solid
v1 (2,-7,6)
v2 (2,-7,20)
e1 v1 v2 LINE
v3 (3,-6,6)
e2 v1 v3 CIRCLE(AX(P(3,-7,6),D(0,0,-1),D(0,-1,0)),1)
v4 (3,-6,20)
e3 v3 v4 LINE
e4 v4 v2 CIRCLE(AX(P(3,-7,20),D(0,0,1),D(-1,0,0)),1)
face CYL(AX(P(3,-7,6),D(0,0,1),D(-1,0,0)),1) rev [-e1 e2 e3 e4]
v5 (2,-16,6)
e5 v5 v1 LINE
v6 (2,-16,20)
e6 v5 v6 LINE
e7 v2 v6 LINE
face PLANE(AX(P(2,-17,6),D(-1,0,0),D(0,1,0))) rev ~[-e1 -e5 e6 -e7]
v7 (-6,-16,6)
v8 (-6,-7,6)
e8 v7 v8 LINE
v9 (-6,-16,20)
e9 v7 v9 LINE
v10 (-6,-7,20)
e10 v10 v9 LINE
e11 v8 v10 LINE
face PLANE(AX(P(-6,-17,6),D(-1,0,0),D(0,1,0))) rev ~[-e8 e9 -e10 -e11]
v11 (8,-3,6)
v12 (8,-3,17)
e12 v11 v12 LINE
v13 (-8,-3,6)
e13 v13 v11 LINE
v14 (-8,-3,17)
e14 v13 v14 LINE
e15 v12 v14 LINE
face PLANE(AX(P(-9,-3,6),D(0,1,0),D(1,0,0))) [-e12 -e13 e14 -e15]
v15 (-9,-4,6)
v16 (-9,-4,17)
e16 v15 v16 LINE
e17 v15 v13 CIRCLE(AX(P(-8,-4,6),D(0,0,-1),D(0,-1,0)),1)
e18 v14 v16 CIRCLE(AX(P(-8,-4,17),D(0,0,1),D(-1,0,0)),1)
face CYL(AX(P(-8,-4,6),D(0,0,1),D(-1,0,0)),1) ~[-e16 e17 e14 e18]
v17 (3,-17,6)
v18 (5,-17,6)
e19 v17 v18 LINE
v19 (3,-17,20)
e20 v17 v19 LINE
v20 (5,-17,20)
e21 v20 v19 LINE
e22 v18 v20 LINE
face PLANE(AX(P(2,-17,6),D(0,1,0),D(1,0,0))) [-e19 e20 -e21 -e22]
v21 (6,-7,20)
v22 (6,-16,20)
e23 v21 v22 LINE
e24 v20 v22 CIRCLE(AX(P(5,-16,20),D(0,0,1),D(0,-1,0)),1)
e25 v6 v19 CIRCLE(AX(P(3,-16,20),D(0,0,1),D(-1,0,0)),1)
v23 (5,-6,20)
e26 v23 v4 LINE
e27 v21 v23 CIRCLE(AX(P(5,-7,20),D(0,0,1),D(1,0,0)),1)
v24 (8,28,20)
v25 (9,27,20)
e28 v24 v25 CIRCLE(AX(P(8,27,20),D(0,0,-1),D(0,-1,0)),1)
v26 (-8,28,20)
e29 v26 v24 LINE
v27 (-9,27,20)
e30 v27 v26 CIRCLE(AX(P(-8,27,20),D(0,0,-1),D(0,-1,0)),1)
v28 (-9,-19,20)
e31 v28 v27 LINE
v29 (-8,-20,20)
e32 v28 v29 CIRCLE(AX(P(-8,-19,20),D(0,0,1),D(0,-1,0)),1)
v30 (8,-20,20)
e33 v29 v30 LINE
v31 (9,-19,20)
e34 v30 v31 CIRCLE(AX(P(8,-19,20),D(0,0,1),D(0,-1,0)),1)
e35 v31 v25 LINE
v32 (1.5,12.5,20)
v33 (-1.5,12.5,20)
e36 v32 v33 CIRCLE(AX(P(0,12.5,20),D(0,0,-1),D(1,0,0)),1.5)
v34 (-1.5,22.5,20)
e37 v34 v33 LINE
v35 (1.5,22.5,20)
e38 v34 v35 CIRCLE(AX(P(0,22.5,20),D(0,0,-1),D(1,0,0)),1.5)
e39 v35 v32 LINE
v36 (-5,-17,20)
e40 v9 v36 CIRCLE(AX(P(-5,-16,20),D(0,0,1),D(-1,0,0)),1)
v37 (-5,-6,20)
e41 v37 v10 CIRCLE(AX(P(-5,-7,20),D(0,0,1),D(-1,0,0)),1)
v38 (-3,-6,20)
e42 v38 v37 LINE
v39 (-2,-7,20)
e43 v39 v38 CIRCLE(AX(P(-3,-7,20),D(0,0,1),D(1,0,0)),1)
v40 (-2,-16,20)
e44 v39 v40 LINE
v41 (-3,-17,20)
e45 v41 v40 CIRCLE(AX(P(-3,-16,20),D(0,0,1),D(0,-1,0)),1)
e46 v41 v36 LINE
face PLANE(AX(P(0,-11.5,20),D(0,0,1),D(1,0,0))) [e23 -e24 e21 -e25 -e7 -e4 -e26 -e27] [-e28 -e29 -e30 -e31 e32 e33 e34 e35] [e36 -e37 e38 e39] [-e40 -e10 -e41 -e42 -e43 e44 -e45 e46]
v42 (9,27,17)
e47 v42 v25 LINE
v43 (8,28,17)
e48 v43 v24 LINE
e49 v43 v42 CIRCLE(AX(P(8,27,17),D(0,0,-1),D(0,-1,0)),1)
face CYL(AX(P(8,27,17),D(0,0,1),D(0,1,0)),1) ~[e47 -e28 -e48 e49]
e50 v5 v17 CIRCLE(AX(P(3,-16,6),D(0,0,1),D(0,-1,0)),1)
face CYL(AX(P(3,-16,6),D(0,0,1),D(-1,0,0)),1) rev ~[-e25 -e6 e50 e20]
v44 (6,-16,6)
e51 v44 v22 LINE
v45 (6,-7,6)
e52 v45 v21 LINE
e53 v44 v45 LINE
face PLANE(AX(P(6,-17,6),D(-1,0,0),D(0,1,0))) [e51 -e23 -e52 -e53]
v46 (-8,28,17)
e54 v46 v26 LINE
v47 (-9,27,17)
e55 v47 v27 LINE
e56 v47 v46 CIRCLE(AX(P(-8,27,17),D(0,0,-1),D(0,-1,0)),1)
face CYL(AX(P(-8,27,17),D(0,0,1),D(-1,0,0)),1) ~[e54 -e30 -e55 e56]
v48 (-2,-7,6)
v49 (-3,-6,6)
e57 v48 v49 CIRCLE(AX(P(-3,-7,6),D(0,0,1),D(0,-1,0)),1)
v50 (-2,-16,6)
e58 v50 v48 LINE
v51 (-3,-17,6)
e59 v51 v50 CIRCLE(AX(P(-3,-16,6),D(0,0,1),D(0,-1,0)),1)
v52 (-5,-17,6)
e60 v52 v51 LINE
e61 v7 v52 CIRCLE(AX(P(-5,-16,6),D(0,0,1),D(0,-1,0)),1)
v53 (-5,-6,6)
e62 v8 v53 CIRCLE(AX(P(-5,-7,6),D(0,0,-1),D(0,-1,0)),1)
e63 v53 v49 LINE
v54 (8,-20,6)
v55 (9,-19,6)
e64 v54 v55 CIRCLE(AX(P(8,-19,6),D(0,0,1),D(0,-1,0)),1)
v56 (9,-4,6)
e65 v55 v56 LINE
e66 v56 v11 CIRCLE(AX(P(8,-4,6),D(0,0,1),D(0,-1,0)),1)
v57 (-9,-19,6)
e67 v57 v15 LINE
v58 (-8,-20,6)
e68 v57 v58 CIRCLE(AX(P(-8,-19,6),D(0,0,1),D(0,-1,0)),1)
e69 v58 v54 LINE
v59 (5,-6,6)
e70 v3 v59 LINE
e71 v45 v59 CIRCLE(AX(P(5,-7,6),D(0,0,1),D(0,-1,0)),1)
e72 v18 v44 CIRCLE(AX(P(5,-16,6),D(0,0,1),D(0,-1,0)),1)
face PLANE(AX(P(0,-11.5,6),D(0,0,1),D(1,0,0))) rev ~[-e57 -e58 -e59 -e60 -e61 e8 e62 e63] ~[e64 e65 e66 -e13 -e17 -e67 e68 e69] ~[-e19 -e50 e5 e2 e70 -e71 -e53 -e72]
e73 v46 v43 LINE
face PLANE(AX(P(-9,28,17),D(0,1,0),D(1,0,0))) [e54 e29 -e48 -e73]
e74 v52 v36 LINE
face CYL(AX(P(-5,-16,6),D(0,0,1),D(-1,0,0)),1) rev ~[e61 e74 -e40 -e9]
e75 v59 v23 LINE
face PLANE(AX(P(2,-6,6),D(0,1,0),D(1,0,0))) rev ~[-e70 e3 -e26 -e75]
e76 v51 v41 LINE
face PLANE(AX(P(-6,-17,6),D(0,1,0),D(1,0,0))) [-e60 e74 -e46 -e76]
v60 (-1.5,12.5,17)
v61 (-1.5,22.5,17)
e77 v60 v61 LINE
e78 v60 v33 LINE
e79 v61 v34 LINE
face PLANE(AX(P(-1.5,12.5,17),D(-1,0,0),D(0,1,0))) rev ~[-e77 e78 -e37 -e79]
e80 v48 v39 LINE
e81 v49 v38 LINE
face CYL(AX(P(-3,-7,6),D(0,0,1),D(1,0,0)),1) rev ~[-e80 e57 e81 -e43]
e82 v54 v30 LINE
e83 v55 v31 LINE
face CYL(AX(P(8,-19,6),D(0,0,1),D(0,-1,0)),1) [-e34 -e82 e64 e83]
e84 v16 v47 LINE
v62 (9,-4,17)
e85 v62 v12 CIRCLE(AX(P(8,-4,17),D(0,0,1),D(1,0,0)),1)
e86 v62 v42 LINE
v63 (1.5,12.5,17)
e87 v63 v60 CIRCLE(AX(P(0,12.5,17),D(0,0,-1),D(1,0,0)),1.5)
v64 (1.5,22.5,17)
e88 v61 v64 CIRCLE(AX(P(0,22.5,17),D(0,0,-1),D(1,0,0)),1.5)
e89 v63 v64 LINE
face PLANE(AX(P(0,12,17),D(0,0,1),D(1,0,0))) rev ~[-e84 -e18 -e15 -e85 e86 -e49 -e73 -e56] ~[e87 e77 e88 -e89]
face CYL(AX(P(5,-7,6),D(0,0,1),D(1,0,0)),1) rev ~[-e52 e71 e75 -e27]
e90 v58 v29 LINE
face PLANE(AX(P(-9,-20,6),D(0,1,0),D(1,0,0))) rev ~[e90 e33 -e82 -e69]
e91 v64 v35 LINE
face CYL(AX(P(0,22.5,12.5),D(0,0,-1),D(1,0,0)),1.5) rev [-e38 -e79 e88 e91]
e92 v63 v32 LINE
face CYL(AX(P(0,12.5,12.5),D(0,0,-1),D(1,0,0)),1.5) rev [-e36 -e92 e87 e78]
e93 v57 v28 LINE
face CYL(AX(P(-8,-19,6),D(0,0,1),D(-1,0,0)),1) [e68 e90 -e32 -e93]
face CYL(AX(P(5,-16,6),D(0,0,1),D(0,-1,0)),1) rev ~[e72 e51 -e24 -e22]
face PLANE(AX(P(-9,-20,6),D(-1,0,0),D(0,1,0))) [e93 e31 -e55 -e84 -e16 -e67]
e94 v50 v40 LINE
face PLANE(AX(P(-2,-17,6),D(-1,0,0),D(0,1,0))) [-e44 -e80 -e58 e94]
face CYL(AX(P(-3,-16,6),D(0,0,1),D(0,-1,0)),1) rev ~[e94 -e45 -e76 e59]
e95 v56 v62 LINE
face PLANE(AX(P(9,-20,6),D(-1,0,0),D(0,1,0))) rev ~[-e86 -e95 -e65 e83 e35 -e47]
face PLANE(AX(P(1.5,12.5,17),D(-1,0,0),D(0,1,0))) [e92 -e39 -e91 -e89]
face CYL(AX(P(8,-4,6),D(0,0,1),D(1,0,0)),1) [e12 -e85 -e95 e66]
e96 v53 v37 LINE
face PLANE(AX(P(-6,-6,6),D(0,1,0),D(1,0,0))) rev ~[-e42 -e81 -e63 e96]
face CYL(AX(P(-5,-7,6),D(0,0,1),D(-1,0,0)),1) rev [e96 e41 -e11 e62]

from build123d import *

# Parameters (mm, degrees)
BOX026_W          = 4
BOX026_H          = 11
BOX026_DEPTH      = 16
BOX027_W          = 4
BOX027_H          = 11
BOX027_DEPTH      = 16
FILLET004_R       = 1
BOX024_W          = 18
BOX024_H          = 17
BOX024_DEPTH      = 14
FILLET005_R       = 1
CYLINDER032_R     = 1.5
CYLINDER032_DEPTH = 10
CYLINDER033_R     = 1.5
CYLINDER033_DEPTH = 10
BOX025_W          = 3
BOX025_H          = 10
BOX025_DEPTH      = 5
BOX023_W          = 18
BOX023_H          = 32
BOX023_DEPTH      = 3
FILLET006_R       = 1


with BuildPart() as cube026:
    # Box026 → Box026 (new body)
    with BuildSketch(Plane(origin=(-6, -17, 6), x_dir=(1, 0, 0), z_dir=(0, 0, 1))):
        with Locations((2, 5.5)):
            Rectangle(BOX026_W, BOX026_H)
    extrude(amount=BOX026_DEPTH)


with BuildPart() as fillet004:
    # Box027 → Box027 (new body)
    with BuildSketch(Plane(origin=(2, -17, 6), x_dir=(1, 0, 0), z_dir=(0, 0, 1))):
        with Locations((2, 5.5)):
            Rectangle(BOX027_W, BOX027_H)
    extrude(amount=BOX027_DEPTH)

    # Fusion001001001011002004002008: union Cube026
    add(cube026.part)

    # Fillet004
    fillet004_edges = [fillet004.edges().sort_by_distance(p)[0] for p in [
        (2, -17, 14),
        (2, -6, 14),
        (6, -17, 14),
        (6, -6, 14),
        (-6, -17, 14),
        (-6, -6, 14),
        (-2, -17, 14),
        (-2, -6, 14),
    ]]
    fillet(fillet004_edges, radius=FILLET004_R)


with BuildPart() as cut002008023012009006003002006_body:
    # Box024 → Box024 (new body)
    with BuildSketch(Plane(origin=(-9, -20, 6), x_dir=(1, 0, 0), z_dir=(0, 0, 1))):
        with Locations((9, 8.5)):
            Rectangle(BOX024_W, BOX024_H)
    extrude(amount=BOX024_DEPTH)

    # Fillet005
    fillet005_edges = [cut002008023012009006003002006_body.edges().sort_by_distance(p)[0] for p in [
        (-9, -20, 13),
        (-9, -3, 13),
        (9, -20, 13),
        (9, -3, 13),
    ]]
    fillet(fillet005_edges, radius=FILLET005_R)

    # Cut002008023012009006003002006002006002004004005004: cut Fillet004
    add(fillet004.part, mode=Mode.SUBTRACT)


with BuildPart() as cylinder032:
    # Cylinder032 → Cylinder032 (new body)
    with BuildSketch(Plane(origin=(0, 12.5, 12.5), x_dir=(1, 0, 0), z_dir=(0, 0, 1))):
        Circle(CYLINDER032_R)
    extrude(amount=CYLINDER032_DEPTH)


with BuildPart() as cylinder033:
    # Cylinder033 → Cylinder033 (new body)
    with BuildSketch(Plane(origin=(0, 22.5, 12.5), x_dir=(1, 0, 0), z_dir=(0, 0, 1))):
        Circle(CYLINDER033_R)
    extrude(amount=CYLINDER033_DEPTH)


with BuildPart() as fusion001001001011002004002005:
    # Box025 → Box025 (new body)
    with BuildSketch(Plane(origin=(-1.5, 12.5, 17), x_dir=(1, 0, 0), z_dir=(0, 0, 1))):
        with Locations((1.5, 5)):
            Rectangle(BOX025_W, BOX025_H)
    extrude(amount=BOX025_DEPTH)

    # Fusion001001001011002004002005: union Cylinder032, Cylinder033
    add(cylinder032.part)
    add(cylinder033.part)


with BuildPart() as fusion001001001011002004002009:
    # Box023 → Box023 (new body)
    with BuildSketch(Plane(origin=(-9, -4, 17), x_dir=(1, 0, 0), z_dir=(0, 0, 1))):
        with Locations((9, 16)):
            Rectangle(BOX023_W, BOX023_H)
    extrude(amount=BOX023_DEPTH)

    # Cut002008023012009006003002006002006002004004005005: cut Fusion001001001011002004002005
    add(fusion001001001011002004002005.part, mode=Mode.SUBTRACT)

    # Fillet006
    fillet006_edges = [fusion001001001011002004002009.edges().sort_by_distance(p)[0] for p in [
        (-9, 28, 18.5),
        (9, 28, 18.5),
    ]]
    fillet(fillet006_edges, radius=FILLET006_R)

    # Fusion001001001011002004002009: union Cut002008023012009006003002006 body
    add(cut002008023012009006003002006_body.part)


solid = fusion001001001011002004002009.part
